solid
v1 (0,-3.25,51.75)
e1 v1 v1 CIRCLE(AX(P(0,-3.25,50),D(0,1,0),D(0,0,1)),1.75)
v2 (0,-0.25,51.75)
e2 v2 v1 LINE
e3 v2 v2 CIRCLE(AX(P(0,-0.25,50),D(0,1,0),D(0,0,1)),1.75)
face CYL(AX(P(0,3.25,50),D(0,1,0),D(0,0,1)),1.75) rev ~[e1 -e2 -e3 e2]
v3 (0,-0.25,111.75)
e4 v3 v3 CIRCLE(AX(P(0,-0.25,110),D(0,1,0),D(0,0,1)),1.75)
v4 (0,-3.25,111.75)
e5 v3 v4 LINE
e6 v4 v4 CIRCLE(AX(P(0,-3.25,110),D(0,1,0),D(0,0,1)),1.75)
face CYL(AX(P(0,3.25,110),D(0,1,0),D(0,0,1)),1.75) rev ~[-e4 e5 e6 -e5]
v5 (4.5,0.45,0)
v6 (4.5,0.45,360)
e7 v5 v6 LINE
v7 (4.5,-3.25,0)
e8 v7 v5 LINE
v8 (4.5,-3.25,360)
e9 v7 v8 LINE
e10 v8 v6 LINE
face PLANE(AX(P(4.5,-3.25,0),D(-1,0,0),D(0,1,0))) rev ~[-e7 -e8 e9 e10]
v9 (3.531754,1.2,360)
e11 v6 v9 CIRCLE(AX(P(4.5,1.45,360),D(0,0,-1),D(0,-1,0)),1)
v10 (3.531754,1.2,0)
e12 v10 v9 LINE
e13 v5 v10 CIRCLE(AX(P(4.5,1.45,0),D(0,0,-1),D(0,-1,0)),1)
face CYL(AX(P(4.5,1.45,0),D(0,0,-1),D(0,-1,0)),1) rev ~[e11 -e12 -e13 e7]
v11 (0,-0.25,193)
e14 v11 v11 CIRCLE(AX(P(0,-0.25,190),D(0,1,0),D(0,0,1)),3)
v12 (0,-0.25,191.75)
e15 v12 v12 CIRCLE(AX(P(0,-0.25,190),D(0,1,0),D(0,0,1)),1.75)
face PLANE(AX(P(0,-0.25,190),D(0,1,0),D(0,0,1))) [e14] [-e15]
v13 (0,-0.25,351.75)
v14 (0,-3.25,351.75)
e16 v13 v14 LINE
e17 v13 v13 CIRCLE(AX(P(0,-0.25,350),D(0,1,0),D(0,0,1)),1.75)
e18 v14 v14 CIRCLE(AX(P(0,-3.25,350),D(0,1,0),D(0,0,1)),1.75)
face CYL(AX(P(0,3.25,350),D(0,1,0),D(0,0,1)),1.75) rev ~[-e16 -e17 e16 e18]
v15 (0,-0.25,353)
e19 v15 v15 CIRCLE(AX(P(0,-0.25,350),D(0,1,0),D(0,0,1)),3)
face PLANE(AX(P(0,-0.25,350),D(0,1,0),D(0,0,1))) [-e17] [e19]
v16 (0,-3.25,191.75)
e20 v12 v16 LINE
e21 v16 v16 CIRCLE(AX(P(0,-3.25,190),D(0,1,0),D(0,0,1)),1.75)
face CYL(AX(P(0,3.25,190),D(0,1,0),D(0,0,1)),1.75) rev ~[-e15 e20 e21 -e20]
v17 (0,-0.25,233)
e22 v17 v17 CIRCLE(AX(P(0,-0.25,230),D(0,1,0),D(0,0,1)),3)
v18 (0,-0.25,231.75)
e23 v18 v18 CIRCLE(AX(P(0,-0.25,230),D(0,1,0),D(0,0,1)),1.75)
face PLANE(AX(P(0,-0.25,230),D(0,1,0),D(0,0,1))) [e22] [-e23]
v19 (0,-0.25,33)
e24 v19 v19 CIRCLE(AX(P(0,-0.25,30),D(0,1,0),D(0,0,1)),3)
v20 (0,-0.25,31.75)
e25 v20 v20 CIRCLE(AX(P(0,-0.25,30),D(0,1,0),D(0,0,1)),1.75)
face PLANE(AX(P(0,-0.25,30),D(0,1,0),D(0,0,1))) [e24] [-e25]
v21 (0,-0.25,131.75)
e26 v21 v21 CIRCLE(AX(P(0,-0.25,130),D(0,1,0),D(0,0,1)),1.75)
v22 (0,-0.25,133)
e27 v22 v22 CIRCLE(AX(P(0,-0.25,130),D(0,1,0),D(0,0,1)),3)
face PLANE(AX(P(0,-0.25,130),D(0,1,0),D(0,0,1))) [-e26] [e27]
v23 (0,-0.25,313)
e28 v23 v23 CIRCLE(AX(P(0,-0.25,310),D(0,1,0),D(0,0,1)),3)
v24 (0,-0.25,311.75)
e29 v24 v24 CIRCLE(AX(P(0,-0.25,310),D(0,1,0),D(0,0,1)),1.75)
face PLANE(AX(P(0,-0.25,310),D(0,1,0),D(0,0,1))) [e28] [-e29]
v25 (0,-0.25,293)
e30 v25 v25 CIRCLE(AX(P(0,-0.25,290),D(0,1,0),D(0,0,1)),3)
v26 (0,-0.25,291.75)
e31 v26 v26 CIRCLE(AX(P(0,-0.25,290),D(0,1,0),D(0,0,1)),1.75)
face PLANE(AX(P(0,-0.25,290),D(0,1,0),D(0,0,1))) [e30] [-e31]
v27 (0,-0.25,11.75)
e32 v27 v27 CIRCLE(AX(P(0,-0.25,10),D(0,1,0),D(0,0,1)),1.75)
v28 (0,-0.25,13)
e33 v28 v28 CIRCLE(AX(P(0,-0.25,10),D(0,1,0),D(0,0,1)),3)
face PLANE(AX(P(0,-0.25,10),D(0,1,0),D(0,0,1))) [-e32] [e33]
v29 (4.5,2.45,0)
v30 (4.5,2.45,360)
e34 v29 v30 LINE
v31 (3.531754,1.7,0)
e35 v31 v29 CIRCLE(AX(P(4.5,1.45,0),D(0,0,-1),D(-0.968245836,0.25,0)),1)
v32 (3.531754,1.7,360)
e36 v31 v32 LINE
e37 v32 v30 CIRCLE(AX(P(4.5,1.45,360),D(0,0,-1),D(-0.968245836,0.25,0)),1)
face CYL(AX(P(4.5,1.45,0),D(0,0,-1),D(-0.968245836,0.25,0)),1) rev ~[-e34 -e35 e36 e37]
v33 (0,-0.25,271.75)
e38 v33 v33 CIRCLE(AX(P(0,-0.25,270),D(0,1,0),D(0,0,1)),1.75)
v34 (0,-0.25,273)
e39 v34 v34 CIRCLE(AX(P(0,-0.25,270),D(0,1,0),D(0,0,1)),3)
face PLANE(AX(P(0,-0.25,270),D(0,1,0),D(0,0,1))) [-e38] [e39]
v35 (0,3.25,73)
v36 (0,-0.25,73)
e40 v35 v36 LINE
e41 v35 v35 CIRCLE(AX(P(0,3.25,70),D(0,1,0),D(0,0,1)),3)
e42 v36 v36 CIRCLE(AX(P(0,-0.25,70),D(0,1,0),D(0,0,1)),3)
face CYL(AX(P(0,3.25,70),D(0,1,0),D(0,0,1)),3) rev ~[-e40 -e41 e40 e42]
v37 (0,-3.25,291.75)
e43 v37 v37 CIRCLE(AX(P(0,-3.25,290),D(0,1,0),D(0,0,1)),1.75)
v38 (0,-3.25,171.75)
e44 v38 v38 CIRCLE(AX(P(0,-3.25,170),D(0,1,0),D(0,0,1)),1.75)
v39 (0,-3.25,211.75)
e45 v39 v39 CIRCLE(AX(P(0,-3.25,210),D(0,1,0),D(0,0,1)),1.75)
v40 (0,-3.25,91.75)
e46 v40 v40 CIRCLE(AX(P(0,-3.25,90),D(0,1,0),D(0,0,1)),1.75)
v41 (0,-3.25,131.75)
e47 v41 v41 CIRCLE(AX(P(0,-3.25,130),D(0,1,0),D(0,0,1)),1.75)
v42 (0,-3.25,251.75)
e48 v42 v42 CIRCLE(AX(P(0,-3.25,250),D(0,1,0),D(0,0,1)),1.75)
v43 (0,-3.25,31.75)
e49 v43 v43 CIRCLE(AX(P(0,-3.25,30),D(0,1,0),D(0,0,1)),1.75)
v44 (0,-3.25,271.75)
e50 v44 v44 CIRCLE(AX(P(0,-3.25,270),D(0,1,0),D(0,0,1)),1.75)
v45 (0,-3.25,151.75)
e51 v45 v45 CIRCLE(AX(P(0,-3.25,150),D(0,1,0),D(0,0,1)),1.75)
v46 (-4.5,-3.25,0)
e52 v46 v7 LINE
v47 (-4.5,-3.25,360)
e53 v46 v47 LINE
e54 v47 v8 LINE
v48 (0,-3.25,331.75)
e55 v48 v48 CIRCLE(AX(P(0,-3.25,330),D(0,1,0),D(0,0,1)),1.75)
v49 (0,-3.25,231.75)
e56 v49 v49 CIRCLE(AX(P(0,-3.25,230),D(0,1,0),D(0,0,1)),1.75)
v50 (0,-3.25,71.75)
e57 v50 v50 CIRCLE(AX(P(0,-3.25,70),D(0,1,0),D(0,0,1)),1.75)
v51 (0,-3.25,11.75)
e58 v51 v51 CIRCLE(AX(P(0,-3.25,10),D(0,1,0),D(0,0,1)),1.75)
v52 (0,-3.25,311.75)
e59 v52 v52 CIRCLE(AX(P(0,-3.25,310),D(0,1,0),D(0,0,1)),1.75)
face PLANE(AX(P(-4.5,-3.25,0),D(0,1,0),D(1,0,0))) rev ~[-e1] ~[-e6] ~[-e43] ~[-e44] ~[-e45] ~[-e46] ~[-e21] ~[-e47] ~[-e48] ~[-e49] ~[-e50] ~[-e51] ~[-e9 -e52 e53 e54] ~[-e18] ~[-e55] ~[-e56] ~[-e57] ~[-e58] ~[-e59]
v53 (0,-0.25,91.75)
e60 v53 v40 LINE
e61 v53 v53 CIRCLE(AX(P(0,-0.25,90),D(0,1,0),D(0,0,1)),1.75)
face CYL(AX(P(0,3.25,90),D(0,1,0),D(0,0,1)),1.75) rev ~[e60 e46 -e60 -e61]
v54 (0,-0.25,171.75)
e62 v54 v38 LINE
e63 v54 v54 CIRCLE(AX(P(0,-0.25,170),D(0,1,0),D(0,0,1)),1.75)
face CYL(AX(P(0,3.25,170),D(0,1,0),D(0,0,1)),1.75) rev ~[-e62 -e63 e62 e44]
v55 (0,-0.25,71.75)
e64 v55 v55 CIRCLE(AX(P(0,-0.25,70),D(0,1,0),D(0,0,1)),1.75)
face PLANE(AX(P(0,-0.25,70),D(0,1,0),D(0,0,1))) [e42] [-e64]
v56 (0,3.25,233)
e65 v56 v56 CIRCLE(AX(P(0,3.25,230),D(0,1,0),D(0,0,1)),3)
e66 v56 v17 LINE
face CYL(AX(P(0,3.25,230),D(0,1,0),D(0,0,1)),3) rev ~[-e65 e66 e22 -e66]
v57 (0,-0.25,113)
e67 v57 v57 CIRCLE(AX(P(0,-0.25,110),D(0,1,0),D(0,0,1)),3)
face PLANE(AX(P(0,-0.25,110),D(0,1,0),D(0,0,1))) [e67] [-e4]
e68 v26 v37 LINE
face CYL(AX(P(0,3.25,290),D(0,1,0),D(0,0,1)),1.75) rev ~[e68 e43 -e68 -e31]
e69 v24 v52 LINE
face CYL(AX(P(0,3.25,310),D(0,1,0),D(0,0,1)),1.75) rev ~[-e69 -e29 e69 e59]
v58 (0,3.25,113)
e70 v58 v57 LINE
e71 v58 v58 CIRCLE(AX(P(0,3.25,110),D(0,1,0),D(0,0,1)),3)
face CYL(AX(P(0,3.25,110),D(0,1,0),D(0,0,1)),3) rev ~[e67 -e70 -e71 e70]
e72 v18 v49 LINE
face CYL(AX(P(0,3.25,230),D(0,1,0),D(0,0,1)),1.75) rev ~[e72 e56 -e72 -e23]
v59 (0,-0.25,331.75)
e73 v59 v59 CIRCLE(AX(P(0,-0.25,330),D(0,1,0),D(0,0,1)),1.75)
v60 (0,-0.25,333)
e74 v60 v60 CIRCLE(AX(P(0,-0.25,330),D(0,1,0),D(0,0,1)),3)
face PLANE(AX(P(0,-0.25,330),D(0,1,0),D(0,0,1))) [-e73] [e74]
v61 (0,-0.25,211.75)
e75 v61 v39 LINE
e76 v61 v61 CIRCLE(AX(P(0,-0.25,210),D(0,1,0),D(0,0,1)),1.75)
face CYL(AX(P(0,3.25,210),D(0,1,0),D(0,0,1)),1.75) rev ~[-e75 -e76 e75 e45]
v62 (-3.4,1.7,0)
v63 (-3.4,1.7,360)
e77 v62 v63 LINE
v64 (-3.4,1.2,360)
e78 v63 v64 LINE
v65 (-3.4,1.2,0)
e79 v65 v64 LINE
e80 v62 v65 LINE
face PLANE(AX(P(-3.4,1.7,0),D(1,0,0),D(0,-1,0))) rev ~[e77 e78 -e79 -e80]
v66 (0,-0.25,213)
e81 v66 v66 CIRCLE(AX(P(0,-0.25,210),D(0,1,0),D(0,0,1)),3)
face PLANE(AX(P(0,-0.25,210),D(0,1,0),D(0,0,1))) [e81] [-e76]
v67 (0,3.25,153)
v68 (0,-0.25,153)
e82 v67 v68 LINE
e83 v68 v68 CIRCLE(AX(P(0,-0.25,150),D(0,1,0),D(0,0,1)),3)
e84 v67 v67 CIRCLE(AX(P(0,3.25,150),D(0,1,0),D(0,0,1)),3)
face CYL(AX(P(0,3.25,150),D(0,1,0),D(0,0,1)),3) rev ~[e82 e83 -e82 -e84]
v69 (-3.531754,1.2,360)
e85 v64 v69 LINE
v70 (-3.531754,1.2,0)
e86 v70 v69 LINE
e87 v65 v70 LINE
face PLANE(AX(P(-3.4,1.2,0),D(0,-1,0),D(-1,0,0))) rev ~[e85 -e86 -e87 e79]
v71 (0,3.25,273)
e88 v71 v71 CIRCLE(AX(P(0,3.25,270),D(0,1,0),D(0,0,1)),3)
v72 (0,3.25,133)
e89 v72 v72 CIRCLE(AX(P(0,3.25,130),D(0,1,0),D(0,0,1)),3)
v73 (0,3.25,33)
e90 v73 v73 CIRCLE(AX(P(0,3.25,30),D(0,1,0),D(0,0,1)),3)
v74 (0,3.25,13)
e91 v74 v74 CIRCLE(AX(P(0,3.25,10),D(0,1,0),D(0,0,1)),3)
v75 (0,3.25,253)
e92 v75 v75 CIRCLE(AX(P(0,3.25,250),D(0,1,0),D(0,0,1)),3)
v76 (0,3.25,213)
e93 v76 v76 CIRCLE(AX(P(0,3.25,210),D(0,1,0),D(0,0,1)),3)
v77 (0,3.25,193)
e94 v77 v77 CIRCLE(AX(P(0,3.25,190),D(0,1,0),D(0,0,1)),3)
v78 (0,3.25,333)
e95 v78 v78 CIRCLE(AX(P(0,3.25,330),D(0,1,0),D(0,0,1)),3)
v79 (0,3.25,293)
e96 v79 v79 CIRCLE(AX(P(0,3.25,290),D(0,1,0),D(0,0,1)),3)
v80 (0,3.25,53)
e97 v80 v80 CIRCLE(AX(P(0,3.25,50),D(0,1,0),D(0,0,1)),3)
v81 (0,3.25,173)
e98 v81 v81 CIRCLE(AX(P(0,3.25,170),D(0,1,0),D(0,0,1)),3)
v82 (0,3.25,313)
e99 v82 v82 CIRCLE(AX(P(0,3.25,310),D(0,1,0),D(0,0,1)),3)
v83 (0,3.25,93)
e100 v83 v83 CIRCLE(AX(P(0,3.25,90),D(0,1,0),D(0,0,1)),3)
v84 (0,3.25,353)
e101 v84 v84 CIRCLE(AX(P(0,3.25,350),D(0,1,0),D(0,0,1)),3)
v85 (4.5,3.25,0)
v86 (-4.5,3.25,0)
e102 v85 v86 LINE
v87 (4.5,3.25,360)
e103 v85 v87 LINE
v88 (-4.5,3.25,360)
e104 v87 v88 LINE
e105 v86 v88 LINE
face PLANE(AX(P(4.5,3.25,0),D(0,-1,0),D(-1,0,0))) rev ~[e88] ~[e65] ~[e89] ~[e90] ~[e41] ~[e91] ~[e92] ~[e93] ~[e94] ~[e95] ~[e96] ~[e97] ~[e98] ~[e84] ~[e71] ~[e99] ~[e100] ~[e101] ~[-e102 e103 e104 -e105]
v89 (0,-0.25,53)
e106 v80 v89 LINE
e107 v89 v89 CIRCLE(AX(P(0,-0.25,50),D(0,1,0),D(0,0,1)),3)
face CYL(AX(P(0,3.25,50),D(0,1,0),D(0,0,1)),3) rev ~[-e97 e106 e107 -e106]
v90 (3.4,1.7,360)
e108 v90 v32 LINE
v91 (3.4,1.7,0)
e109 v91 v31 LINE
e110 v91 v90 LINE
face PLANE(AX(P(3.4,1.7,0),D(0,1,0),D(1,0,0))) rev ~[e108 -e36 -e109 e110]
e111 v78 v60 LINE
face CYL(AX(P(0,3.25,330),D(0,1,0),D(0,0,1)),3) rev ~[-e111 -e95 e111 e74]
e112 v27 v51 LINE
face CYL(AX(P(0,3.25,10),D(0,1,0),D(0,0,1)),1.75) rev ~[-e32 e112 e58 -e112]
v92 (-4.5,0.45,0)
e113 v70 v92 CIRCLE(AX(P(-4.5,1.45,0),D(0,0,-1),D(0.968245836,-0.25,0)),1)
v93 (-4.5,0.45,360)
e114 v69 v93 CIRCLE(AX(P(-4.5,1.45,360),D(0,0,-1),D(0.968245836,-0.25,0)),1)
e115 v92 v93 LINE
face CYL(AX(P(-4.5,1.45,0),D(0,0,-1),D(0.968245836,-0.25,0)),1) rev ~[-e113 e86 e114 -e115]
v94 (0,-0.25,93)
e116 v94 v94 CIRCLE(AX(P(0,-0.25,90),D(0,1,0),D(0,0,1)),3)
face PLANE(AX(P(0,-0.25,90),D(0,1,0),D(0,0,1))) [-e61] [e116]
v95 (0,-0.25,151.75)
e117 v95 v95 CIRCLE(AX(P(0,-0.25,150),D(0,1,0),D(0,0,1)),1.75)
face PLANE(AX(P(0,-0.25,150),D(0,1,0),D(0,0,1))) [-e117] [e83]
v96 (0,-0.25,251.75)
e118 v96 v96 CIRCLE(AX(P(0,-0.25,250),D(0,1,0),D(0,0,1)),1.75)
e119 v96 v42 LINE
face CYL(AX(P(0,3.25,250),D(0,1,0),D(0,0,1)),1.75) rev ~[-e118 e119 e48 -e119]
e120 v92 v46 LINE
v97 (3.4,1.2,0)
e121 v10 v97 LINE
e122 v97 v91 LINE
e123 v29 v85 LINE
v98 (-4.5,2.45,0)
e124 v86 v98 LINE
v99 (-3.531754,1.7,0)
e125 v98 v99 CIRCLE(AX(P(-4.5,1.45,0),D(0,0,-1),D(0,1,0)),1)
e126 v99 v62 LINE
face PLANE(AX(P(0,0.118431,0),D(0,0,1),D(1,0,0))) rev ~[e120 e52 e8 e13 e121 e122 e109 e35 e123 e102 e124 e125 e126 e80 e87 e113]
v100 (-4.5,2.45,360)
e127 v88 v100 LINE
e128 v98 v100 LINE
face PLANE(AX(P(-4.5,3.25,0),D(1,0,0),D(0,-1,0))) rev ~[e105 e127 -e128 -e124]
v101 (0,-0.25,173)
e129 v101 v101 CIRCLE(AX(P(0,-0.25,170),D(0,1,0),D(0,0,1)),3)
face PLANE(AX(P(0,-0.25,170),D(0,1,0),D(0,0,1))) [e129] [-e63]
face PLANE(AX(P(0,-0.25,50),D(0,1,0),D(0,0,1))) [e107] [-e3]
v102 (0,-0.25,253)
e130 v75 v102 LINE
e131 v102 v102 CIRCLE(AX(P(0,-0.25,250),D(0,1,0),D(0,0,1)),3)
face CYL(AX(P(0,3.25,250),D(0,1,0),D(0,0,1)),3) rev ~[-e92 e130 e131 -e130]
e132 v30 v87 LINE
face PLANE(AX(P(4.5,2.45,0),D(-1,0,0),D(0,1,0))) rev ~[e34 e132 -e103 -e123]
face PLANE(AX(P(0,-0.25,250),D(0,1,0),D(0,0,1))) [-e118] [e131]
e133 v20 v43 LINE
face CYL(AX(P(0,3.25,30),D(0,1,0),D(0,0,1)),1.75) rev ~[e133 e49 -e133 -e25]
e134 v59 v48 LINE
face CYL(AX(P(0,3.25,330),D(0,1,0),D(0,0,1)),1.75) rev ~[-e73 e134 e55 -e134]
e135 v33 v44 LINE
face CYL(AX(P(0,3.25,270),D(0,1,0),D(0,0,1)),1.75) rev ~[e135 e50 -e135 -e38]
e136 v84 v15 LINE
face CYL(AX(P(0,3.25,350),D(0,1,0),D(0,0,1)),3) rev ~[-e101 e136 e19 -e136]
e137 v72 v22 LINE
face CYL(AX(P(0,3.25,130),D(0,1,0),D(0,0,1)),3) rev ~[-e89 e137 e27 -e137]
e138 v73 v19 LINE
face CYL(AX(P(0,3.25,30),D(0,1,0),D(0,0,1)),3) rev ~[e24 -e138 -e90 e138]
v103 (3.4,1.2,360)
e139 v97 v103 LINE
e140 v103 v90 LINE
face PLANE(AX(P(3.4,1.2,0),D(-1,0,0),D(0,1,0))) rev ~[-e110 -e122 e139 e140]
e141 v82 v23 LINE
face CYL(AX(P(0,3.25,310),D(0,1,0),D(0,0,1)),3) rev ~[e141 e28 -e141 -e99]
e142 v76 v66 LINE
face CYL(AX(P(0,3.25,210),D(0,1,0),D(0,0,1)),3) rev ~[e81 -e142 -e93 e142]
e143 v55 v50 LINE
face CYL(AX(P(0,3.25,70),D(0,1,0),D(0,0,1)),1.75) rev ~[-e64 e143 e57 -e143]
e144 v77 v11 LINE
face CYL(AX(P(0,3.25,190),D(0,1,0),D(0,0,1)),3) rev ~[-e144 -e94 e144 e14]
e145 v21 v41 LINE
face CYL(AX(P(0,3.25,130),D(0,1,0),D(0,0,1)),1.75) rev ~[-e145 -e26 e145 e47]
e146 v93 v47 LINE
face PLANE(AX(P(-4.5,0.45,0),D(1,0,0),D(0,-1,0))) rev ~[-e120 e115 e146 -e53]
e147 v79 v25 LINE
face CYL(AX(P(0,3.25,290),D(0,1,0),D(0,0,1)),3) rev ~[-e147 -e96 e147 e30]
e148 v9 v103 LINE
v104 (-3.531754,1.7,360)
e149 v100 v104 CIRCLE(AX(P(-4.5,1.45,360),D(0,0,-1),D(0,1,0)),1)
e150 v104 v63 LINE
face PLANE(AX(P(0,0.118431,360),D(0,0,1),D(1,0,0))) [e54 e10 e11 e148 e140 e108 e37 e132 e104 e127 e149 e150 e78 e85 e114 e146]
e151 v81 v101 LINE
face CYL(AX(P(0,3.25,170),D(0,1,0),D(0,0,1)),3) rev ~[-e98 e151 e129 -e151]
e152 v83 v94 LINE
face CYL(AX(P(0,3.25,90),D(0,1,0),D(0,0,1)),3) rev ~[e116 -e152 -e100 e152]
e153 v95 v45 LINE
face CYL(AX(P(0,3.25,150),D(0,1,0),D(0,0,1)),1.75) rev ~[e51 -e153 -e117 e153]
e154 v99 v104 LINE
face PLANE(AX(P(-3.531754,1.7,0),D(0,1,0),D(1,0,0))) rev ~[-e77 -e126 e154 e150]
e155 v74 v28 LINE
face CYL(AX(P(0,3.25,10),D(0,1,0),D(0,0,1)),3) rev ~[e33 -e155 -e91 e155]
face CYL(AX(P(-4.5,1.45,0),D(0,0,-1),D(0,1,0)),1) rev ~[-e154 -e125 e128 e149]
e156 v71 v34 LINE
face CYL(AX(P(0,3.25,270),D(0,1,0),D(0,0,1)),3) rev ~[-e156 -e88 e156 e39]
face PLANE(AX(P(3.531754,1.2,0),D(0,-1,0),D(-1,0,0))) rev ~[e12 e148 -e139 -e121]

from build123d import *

# Parameters (mm, degrees)
EXTRUDE1_DEPTH  = 360
SKETCH2_R       = 3
EXTRUDE2_DEPTH  = 3.5
SKETCH_R        = 1.75
EXTRUDE3_DEPTH  = 361.086795093
LPATTERN1_COUNT = 40
LPATTERN1_PITCH = 20


with BuildPart() as part:
    # Sketch1 → Extrude1 (new body)
    with BuildSketch(Plane.XY):
        with BuildLine():
            Line((-4.5, -3.25), (4.5, -3.25))
            Line((4.5, -3.25), (4.5, 0.45))
            ThreePointArc((4.5, 0.45), (3.887627564, 0.659430585), (3.531754163, 1.2))
            Line((3.531754163, 1.2), (3.4, 1.2))
            Line((3.4, 1.2), (3.4, 1.7))
            Line((3.4, 1.7), (3.531754163, 1.7))
            ThreePointArc((3.531754163, 1.7), (3.887627564, 2.240569415), (4.5, 2.45))
            Line((4.5, 2.45), (4.5, 3.25))
            Line((4.5, 3.25), (-4.5, 3.25))
            Line((-4.5, 3.25), (-4.5, 2.45))
            ThreePointArc((-4.5, 2.45), (-3.887627564, 2.240569415), (-3.531754163, 1.7))
            Line((-3.531754163, 1.7), (-3.4, 1.7))
            Line((-3.4, 1.7), (-3.4, 1.2))
            Line((-3.4, 1.2), (-3.531754163, 1.2))
            ThreePointArc((-3.531754163, 1.2), (-3.887627564, 0.659430585), (-4.5, 0.45))
            Line((-4.5, 0.45), (-4.5, -3.25))
        make_face()
    extrude(amount=EXTRUDE1_DEPTH)

    # Sketch2 → Extrude2 (cut)
    with BuildSketch(Plane(origin=(0, 3.25, 0), x_dir=(1, 0, 0), z_dir=(0, 1, 0))):
        with Locations((0, -10)):
            Circle(SKETCH2_R)
    extrude2 = extrude(amount=-EXTRUDE2_DEPTH, mode=Mode.SUBTRACT)

    # Sketch → Extrude3 (cut, through all)
    with BuildSketch(Plane(origin=(0, 3.25, 0), x_dir=(1, 0, 0), z_dir=(0, 1, 0))):
        with Locations((0, -10)):
            Circle(SKETCH_R)
    extrude3 = extrude(amount=-EXTRUDE3_DEPTH, mode=Mode.SUBTRACT)

    # LPattern1: Extrude2, Extrude3 ×40
    with Locations(*[(0, 0, i * LPATTERN1_PITCH) for i in range(1, LPATTERN1_COUNT)]):
        add(extrude2, mode=Mode.SUBTRACT)
        add(extrude3, mode=Mode.SUBTRACT)


solid = part.part
